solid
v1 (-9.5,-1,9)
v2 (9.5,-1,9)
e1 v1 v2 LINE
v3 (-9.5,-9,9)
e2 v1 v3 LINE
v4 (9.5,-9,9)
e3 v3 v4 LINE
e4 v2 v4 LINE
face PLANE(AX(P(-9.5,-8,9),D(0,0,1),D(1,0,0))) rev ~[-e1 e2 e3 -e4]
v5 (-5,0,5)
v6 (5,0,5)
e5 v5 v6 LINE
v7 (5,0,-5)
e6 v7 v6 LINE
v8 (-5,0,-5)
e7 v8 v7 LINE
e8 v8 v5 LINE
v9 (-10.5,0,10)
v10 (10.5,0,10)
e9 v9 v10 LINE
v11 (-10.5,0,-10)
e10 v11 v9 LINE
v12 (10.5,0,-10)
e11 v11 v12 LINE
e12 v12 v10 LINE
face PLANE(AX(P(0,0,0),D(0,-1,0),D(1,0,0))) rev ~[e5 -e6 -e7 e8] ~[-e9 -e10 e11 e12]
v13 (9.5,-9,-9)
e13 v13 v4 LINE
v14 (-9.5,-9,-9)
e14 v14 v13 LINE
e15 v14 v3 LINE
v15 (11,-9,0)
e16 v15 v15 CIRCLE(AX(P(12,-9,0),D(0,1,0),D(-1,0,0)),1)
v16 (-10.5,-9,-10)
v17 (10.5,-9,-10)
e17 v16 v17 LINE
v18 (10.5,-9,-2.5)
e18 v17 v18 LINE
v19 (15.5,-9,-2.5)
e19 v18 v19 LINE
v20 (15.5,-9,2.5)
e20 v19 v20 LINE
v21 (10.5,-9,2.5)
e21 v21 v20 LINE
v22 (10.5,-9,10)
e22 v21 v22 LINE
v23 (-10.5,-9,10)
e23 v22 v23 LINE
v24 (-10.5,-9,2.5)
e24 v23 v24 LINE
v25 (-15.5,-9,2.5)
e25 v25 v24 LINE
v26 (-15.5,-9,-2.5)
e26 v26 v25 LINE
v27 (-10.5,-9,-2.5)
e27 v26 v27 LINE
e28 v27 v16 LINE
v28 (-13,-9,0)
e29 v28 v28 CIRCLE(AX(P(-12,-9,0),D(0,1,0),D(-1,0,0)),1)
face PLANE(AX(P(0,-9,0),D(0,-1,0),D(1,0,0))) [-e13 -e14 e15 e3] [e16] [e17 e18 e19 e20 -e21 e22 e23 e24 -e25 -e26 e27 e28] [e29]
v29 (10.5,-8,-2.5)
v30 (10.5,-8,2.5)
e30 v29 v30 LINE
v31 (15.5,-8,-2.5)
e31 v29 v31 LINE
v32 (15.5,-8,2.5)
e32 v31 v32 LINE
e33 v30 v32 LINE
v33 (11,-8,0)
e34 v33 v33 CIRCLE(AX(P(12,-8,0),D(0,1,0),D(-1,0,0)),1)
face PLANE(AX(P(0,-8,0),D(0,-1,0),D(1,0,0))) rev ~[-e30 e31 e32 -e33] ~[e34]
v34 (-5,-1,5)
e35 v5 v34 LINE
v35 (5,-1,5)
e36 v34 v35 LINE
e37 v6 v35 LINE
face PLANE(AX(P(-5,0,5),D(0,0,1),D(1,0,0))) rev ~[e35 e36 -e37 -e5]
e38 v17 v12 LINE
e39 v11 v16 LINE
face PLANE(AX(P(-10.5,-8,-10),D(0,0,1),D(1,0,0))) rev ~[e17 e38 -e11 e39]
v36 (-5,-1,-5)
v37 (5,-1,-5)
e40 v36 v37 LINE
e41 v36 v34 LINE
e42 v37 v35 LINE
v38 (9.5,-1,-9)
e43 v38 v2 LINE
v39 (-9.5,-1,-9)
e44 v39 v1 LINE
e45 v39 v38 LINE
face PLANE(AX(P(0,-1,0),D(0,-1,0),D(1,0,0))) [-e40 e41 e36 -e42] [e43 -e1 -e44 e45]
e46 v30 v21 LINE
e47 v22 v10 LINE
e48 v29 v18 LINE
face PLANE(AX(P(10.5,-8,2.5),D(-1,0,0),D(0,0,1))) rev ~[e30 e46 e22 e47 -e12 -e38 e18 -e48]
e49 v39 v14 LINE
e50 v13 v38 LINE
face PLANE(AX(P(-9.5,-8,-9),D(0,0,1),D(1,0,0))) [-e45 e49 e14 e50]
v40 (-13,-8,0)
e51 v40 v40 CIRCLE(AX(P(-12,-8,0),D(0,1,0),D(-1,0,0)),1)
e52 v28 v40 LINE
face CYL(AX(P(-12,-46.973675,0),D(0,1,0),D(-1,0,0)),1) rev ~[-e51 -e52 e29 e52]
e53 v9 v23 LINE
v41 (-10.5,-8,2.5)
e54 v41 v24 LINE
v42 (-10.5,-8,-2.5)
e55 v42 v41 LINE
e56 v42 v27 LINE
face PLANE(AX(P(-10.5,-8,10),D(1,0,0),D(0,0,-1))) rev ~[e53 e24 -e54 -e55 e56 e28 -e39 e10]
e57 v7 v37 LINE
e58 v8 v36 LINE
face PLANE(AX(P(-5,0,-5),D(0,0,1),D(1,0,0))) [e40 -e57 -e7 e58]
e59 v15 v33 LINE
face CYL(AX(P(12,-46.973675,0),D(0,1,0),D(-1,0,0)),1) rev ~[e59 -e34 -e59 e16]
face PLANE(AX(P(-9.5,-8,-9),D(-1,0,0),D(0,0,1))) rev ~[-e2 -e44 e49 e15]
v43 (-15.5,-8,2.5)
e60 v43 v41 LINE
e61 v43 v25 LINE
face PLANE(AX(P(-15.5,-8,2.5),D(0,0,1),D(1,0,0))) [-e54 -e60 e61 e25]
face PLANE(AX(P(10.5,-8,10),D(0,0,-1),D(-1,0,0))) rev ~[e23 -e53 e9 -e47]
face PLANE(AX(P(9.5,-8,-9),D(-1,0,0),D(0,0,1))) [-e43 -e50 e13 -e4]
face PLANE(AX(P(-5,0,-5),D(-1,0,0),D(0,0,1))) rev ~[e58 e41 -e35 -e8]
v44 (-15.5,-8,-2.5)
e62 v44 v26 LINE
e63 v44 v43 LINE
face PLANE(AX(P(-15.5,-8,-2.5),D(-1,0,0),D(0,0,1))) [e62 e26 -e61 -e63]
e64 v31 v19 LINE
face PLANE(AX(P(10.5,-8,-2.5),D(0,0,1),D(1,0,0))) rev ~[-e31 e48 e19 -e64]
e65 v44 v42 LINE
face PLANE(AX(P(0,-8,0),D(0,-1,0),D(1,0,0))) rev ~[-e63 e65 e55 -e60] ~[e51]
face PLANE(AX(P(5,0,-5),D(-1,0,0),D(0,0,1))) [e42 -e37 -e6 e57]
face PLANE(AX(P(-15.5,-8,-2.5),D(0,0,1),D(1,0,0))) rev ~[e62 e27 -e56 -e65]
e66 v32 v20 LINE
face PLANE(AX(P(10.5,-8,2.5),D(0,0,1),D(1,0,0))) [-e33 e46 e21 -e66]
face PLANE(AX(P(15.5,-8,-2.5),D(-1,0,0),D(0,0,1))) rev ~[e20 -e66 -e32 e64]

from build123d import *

# Parameters (mm, degrees)
F0_W     = 21
F0_H     = 20
F0_W_2   = 19
F0_H_2   = 18
F0_W_3   = 18
F0_H_3   = 17
F0_W_4   = 10
F0_H_4   = 10
F1_DEPTH = 1
F2_W     = 21
F2_H     = 20
F2_W_2   = 19
F2_H_2   = 18
F3_DEPTH = 7
F4_W     = 19
F4_H     = 18
F4_W_2   = 5
F4_H_2   = 5
F5_DEPTH = 1
F7_D     = 2


with BuildPart() as f1:
    # F0 (on Front) → F1 (new body)
    with BuildSketch(Plane.XZ):
        Rectangle(F0_W, F0_H)
        Rectangle(F0_W_2, F0_H_2, mode=Mode.SUBTRACT)
        Rectangle(F0_W_2, F0_H_2)
        Rectangle(F0_W_3, F0_H_3, mode=Mode.SUBTRACT)
        Rectangle(F0_W_3, F0_H_3)
        Rectangle(F0_W_4, F0_H_4, mode=Mode.SUBTRACT)
    extrude(amount=F1_DEPTH)

    # F2 (on face) → F3 (join)
    with BuildSketch(Plane.XZ.offset(1)):
        Rectangle(F2_W, F2_H)
        Rectangle(F2_W_2, F2_H_2, mode=Mode.SUBTRACT)
    extrude(amount=F3_DEPTH)

    # F4 (on face) → F5 (join)
    with BuildSketch(Plane.XZ.offset(8)):
        Polygon((10.5, 2.5), (10.5, 10), (-10.5, 10), (-10.5, 2.5), (-10.5, -2.5), (-10.5, -10), (10.5, -10), (10.5, -2.5), align=None)
        Rectangle(F4_W, F4_H, mode=Mode.SUBTRACT)
        with Locations((13, 0)):
            Rectangle(F4_W_2, F4_H_2)
        with Locations((-13, 0)):
            Rectangle(F4_W_2, F4_H_2)
    extrude(amount=F5_DEPTH)

    # F7 (through all)
    with Locations(Plane.XZ.offset(9)):
        with Locations((-12, 0), (12, 0)):
            Hole(F7_D / 2)


solid = f1.part
